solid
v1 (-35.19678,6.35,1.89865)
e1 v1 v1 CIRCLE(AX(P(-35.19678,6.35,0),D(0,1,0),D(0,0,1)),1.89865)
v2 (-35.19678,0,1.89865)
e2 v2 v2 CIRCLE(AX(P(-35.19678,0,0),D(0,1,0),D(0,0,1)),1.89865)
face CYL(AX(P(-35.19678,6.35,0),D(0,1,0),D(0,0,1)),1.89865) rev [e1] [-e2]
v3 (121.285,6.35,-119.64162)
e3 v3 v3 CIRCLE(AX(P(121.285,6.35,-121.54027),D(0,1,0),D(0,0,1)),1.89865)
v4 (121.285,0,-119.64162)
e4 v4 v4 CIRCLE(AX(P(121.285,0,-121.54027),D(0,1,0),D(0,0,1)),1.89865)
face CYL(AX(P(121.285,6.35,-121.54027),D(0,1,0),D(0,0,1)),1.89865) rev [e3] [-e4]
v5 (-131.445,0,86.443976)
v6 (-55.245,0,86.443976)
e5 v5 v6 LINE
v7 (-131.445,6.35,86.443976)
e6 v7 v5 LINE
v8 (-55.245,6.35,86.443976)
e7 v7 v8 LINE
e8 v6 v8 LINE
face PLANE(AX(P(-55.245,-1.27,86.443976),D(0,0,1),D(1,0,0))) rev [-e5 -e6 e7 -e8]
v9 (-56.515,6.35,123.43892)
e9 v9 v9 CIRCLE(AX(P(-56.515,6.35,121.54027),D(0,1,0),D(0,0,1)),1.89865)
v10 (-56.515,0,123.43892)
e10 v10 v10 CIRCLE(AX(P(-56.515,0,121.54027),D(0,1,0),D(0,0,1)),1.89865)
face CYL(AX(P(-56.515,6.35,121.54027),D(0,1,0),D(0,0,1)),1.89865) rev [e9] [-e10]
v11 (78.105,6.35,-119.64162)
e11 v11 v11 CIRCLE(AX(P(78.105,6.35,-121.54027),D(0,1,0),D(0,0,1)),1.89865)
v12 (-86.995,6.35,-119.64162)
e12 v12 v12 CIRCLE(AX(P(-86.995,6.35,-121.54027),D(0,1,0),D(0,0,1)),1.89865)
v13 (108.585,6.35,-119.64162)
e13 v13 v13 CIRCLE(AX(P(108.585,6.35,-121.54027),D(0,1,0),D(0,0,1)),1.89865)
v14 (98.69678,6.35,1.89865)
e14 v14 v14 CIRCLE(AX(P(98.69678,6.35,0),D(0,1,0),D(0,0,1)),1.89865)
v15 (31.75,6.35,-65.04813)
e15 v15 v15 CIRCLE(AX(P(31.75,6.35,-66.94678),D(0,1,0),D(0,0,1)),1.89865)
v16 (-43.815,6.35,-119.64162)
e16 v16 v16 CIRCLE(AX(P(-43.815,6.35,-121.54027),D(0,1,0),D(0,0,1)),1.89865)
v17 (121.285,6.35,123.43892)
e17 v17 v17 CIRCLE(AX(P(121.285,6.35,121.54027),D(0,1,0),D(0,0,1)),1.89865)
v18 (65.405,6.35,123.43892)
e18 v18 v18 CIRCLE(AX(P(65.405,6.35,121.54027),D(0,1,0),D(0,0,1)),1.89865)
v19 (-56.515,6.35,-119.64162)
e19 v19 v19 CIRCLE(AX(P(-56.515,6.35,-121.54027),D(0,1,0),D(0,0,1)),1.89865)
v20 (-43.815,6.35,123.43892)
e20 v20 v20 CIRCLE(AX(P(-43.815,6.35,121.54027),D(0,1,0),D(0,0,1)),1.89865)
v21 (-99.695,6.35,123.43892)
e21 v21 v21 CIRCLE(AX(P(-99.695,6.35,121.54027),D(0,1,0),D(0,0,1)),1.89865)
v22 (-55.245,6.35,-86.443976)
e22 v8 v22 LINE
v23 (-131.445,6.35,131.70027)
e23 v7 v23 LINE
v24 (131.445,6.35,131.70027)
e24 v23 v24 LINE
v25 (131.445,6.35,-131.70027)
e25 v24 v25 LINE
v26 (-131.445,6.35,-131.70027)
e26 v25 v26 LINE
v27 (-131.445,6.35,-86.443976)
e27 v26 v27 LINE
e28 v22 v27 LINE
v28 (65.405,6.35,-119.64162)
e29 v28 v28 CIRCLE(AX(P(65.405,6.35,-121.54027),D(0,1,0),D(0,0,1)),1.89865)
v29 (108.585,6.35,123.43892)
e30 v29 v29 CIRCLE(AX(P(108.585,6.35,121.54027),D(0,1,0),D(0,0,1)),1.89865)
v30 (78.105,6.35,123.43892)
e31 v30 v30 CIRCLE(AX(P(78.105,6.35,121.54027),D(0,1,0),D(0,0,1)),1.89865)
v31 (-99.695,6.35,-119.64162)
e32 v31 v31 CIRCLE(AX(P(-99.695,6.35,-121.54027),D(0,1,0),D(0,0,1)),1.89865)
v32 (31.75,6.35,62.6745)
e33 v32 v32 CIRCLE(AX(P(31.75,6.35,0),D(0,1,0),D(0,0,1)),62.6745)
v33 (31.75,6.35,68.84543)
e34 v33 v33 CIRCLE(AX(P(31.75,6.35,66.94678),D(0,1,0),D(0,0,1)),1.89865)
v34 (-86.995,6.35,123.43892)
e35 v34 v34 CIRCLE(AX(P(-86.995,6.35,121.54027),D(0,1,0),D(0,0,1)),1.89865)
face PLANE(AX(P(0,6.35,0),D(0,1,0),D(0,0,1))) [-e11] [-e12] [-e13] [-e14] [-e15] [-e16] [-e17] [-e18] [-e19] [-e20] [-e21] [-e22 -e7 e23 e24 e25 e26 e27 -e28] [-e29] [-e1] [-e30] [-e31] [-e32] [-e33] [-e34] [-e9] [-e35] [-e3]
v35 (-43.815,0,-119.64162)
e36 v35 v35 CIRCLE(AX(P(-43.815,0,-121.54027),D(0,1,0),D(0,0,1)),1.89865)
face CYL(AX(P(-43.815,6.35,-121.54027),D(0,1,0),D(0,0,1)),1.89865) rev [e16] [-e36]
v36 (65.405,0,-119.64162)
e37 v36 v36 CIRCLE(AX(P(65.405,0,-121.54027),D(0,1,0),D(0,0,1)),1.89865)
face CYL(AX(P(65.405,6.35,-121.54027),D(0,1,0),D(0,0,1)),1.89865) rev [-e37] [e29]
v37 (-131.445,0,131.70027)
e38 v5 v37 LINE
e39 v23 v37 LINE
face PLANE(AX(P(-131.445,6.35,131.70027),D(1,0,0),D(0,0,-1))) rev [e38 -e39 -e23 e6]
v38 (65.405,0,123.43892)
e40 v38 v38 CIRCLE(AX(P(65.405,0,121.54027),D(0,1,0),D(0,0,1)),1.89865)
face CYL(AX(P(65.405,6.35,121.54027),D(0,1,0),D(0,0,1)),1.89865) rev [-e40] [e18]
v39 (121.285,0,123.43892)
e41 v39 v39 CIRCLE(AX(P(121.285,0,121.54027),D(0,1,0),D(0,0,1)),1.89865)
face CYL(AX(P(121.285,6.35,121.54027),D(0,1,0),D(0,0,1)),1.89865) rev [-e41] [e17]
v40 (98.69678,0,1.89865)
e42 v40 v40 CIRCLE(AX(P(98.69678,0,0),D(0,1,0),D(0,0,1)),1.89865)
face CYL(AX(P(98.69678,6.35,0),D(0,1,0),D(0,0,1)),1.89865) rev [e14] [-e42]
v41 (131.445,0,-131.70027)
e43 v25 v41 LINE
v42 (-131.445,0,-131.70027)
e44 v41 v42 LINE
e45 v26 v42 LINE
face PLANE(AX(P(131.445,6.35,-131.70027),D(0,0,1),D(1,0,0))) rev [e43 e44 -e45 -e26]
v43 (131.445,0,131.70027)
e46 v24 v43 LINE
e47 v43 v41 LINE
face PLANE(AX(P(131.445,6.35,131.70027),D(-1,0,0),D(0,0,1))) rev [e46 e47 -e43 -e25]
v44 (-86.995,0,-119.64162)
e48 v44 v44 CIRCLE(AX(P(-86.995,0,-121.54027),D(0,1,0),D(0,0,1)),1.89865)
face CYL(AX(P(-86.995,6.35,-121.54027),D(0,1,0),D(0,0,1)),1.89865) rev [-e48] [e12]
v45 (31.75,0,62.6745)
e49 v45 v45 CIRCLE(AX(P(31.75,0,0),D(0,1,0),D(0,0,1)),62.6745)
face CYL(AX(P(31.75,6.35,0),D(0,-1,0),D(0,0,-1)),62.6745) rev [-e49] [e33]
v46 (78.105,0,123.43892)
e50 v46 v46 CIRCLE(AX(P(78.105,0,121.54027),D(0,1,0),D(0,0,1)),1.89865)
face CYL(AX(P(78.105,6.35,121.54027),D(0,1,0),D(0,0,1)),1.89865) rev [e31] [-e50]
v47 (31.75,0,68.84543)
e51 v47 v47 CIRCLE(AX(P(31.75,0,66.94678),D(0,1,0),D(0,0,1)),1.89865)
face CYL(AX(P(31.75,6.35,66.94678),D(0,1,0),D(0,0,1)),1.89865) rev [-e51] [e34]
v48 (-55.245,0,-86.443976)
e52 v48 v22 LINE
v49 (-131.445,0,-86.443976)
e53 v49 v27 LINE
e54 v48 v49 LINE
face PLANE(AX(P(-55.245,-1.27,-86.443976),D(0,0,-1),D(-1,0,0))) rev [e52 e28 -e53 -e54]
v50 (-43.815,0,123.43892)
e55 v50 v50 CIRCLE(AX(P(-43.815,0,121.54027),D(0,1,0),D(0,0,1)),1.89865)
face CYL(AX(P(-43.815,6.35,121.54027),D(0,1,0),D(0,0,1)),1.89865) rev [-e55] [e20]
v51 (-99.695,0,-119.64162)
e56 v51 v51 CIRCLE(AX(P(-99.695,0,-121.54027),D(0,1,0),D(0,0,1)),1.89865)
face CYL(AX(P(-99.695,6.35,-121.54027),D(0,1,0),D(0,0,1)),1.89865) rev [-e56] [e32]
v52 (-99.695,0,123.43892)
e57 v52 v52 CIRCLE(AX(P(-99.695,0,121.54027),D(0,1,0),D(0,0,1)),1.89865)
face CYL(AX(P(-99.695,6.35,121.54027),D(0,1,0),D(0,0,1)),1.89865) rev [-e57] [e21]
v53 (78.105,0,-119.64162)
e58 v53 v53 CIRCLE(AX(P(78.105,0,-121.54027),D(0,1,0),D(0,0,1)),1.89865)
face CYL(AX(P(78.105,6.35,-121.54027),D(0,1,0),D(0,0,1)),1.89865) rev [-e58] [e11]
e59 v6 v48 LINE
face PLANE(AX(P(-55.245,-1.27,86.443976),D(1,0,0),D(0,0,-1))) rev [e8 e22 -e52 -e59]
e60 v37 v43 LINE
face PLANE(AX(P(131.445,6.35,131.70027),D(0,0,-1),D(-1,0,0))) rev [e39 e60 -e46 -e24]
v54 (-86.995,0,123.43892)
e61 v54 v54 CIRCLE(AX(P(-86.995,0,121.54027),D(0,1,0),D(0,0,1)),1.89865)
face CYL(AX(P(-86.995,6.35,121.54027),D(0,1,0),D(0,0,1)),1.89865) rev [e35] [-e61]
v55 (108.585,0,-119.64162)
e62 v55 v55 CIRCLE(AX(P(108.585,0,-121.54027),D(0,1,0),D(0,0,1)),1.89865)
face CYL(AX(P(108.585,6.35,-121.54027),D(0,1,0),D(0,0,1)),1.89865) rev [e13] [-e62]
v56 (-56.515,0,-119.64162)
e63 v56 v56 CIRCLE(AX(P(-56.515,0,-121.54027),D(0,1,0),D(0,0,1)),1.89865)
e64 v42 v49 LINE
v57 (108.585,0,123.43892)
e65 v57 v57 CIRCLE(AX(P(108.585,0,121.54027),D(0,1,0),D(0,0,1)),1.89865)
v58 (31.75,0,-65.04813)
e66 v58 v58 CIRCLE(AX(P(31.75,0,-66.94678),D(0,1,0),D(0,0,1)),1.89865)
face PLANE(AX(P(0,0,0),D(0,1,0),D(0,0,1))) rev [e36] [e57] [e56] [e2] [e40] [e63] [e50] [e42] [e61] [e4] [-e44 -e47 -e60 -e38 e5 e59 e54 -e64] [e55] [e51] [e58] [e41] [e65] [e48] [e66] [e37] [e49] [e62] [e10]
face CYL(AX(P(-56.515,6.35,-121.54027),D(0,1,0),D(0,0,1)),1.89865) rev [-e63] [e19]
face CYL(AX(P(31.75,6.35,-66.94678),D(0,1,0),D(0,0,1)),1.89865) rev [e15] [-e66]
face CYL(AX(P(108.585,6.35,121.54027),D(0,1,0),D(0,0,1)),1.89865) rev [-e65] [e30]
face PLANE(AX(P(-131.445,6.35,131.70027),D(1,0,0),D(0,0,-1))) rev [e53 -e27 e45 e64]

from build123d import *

# Parameters (mm, degrees)
SKETCH1_W             = 262.89
SKETCH1_H             = 263.40054
SKETCH1_R             = 62.6745
BOSS_EXTRUDE1_DEPTH   = 6.35
F_6_CLEARANCE_HOLE1_D = 3.7973
F_6_CLEARANCE_HOLE2_D = 3.7973
F_6_CLEARANCE_HOLE3_D = 3.7973
SKETCH9_W             = 76.2
SKETCH9_H             = 172.887951896
CUT_EXTRUDE1_DEPTH    = 7.62


with BuildPart() as part:
    # Sketch1 → Boss-Extrude1 (new body)
    with BuildSketch(Plane(origin=(0, 0, 0), x_dir=(1, 0, 0), z_dir=(0, 1, 0))):
        Rectangle(SKETCH1_W, SKETCH1_H)
        with Locations(Location((31.75, 0, 0), (0, 0, 270))):
            Circle(SKETCH1_R, mode=Mode.SUBTRACT)
    extrude(amount=BOSS_EXTRUDE1_DEPTH)

    # #6 Clearance Hole1 (through all)
    with Locations(Plane(origin=(0, 6.35, 0), x_dir=(1, 0, 0), z_dir=(0, 1, 0))):
        with Locations((31.75, 66.94678), (-35.19678, 0), (98.69678, 0), (31.75, -66.94678)):
            Hole(F_6_CLEARANCE_HOLE1_D / 2)

    # #6 Clearance Hole2 (through all)
    with Locations(Plane(origin=(0, 6.35, 0), x_dir=(1, 0, 0), z_dir=(0, 1, 0))):
        with Locations((121.285, -121.54027), (108.585, -121.54027), (78.105, -121.54027), (65.405, -121.54027)):
            f_6_clearance_hole2 = Hole(F_6_CLEARANCE_HOLE2_D / 2)

    # Mirror1: #6 Clearance Hole2 across plane
    add(f_6_clearance_hole2.mirror(Plane.XY), mode=Mode.SUBTRACT)

    # #6 Clearance Hole3 (through all)
    with Locations(Plane(origin=(0, 6.35, 0), x_dir=(1, 0, 0), z_dir=(0, 1, 0))):
        with Locations((-43.815, -121.54027), (-56.515, -121.54027), (-86.995, -121.54027), (-99.695, -121.54027)):
            f_6_clearance_hole3 = Hole(F_6_CLEARANCE_HOLE3_D / 2)

    # Mirror2: #6 Clearance Hole3 across plane
    add(f_6_clearance_hole3.mirror(Plane.XY), mode=Mode.SUBTRACT)

    # Sketch9 → Cut-Extrude1 (cut)
    with BuildSketch(Plane(origin=(0, 6.35, 0), x_dir=(1, 0, 0), z_dir=(0, 1, 0))):
        with Locations((-93.345, 0)):
            Rectangle(SKETCH9_W, SKETCH9_H)
    extrude(amount=-CUT_EXTRUDE1_DEPTH, mode=Mode.SUBTRACT)


solid = part.part
